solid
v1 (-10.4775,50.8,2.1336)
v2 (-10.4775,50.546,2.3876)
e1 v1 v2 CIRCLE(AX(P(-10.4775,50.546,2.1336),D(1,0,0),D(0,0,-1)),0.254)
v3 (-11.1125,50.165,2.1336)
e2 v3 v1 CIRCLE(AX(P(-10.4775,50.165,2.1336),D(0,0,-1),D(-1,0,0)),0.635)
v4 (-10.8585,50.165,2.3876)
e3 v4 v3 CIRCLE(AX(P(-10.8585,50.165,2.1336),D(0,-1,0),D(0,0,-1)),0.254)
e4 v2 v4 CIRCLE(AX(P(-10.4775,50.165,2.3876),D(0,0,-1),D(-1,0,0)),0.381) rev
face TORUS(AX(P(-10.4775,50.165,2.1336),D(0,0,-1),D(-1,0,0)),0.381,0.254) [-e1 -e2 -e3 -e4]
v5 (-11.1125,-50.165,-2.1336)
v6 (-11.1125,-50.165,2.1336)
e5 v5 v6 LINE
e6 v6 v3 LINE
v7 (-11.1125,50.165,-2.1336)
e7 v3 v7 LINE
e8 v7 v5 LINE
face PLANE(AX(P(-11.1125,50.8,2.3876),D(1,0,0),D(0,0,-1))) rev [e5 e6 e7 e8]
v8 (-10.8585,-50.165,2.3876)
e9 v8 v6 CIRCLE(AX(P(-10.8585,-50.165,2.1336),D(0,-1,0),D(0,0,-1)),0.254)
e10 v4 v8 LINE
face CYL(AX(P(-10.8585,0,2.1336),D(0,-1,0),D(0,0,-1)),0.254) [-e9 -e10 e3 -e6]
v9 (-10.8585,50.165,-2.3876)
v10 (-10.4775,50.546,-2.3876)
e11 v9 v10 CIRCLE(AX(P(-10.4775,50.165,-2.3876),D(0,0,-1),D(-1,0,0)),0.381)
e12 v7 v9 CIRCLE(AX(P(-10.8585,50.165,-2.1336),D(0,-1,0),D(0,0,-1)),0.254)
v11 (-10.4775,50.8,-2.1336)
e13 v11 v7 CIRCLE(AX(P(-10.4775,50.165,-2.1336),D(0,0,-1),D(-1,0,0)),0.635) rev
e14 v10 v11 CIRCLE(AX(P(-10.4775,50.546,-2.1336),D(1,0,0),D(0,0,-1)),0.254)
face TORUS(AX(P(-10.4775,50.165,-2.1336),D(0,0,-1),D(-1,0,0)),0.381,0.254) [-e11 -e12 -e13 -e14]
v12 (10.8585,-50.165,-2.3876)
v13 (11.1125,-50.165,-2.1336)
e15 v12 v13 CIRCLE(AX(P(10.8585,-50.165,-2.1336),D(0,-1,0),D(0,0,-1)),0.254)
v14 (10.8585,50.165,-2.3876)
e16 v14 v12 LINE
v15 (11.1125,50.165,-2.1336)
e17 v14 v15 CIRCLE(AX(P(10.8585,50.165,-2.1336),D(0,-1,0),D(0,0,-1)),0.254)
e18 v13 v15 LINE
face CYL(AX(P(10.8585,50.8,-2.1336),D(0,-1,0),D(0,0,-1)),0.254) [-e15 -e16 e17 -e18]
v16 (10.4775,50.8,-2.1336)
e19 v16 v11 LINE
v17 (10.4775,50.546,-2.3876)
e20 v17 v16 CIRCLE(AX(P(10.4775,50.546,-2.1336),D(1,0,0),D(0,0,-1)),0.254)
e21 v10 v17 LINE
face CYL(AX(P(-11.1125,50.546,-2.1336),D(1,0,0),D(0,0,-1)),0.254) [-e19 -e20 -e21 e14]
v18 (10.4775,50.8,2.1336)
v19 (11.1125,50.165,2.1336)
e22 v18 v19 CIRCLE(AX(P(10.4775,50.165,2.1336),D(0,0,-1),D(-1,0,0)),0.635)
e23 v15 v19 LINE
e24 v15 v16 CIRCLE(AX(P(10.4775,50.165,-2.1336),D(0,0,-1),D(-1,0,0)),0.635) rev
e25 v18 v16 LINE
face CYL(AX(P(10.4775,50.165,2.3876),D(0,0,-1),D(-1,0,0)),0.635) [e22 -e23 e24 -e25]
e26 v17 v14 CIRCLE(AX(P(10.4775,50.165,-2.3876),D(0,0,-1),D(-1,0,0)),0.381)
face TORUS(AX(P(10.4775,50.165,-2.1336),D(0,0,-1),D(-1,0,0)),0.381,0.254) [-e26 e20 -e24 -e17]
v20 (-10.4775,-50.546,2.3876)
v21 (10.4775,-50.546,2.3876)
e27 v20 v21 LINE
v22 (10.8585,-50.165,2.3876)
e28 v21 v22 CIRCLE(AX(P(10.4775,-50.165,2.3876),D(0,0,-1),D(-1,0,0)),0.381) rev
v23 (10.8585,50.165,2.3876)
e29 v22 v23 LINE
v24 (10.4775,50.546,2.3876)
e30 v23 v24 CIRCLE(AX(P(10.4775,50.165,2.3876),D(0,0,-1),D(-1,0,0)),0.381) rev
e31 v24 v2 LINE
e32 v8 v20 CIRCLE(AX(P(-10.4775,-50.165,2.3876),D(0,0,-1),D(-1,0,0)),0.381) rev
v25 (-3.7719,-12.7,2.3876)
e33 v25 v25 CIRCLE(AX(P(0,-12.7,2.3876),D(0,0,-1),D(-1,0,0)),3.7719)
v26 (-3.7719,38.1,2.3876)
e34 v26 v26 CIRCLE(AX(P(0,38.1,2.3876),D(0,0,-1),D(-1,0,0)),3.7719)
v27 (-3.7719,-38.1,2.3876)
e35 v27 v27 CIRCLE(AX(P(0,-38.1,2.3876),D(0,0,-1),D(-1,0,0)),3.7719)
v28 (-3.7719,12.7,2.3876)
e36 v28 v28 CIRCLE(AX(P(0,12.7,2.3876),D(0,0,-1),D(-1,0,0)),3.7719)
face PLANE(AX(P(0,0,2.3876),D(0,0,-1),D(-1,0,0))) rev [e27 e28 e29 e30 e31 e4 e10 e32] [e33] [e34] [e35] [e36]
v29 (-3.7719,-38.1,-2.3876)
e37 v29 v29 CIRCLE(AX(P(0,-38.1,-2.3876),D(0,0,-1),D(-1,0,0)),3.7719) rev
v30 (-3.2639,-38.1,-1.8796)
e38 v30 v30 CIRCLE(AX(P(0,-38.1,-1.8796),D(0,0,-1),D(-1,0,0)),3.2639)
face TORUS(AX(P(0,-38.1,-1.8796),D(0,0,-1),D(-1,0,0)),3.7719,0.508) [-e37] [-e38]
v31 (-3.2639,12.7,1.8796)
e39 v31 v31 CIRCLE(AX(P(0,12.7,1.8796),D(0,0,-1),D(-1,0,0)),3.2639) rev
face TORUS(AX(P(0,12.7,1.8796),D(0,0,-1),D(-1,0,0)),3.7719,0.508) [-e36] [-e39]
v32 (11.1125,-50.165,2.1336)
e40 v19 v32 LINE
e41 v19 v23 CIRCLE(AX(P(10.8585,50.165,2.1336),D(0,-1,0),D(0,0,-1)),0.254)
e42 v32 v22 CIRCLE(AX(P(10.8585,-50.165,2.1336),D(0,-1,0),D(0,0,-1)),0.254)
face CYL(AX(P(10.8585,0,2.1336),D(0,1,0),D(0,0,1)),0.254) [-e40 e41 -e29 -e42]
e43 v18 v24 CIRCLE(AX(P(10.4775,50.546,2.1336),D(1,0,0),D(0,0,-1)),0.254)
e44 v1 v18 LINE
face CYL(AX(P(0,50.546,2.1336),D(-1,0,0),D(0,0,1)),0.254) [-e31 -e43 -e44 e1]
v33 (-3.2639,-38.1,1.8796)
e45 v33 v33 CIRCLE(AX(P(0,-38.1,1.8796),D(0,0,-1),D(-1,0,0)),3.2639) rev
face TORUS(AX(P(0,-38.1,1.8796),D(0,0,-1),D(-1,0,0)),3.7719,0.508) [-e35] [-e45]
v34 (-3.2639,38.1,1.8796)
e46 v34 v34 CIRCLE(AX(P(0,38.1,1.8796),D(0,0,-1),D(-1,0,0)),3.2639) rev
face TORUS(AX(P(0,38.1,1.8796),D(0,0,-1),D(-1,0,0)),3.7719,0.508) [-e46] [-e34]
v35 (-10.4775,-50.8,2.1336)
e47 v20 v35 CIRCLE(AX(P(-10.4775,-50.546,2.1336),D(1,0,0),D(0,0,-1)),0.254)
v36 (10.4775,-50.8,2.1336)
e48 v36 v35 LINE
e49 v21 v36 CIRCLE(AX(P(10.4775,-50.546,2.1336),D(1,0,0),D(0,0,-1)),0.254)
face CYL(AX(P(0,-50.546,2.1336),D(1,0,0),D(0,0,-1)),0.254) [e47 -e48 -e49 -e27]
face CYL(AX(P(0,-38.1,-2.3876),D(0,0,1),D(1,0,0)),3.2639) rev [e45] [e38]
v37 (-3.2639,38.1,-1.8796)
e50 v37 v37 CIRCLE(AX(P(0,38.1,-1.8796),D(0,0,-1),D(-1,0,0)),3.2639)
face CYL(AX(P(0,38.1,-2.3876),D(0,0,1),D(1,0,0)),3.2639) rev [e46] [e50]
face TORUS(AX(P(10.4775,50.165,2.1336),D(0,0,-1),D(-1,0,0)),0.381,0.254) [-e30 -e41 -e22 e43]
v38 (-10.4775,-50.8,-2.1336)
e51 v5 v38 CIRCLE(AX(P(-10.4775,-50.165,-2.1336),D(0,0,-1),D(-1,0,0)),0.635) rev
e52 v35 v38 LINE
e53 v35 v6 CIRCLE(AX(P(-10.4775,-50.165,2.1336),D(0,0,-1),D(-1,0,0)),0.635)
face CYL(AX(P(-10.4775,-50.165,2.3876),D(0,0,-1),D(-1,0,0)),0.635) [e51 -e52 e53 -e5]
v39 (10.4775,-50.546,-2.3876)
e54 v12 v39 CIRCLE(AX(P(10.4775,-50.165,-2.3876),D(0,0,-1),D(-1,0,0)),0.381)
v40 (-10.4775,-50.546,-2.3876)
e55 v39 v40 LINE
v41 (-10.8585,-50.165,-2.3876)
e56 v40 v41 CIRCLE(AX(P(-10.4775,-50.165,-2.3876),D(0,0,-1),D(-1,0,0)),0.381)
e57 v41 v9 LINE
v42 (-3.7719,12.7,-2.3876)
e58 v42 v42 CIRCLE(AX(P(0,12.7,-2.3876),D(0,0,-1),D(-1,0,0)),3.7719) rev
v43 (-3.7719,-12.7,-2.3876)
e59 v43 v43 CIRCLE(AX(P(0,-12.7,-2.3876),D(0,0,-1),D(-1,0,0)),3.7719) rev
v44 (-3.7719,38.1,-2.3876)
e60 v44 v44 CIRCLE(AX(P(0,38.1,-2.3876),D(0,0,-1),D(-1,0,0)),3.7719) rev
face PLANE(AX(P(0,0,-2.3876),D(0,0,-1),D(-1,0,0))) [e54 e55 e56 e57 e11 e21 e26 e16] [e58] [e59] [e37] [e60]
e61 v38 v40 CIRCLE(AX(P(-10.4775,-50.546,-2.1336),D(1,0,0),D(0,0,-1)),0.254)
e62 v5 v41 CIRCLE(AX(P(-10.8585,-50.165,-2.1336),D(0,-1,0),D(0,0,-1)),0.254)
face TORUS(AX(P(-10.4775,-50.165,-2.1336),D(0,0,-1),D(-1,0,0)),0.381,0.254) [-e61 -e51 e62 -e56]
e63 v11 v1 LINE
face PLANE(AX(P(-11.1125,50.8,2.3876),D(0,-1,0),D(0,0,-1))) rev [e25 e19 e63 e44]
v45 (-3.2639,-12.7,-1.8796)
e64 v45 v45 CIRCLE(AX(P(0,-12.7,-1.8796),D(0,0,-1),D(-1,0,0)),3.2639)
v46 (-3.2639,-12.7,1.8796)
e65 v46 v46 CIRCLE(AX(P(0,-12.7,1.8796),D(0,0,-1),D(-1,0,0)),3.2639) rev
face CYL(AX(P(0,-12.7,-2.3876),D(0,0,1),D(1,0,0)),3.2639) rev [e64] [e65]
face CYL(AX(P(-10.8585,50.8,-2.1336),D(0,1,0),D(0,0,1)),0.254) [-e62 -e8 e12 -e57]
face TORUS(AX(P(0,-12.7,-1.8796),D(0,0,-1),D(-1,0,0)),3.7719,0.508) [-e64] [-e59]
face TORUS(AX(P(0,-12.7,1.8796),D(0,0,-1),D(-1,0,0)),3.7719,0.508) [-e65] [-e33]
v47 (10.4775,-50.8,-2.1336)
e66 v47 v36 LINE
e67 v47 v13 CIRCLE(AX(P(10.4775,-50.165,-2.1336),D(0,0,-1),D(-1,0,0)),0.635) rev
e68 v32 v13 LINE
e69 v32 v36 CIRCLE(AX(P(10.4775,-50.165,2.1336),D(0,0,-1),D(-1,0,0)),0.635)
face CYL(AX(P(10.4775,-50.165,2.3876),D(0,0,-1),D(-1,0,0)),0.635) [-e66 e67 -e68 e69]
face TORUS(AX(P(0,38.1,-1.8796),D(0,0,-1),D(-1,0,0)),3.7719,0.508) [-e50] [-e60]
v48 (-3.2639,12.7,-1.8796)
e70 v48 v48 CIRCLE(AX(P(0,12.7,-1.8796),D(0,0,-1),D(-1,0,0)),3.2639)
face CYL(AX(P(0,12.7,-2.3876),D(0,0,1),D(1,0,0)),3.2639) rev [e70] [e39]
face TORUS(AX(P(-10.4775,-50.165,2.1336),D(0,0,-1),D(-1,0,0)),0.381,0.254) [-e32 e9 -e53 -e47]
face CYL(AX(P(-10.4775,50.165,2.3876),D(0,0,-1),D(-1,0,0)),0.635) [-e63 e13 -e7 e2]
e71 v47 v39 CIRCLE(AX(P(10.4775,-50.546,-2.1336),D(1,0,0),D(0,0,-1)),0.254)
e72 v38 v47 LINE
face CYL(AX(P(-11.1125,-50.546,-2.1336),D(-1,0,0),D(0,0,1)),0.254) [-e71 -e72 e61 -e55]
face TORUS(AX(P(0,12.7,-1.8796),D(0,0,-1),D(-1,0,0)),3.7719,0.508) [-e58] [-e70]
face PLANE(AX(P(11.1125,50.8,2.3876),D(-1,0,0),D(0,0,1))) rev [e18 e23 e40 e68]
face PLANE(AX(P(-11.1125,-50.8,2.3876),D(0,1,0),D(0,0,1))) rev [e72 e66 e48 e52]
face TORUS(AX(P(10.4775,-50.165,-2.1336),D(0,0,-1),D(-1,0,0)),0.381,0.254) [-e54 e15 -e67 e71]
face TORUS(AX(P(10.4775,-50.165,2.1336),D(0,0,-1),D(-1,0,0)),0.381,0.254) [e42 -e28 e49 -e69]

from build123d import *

# Parameters (mm, degrees)
BOSS_EXTRUDE1_START  = -2.3876
SKETCH3_W            = 22.225
SKETCH3_H            = 101.6
BOSS_EXTRUDE1_DEPTH  = 4.7752
FILLET1_R            = 0.635
SKETCH4_R            = 3.2639
CUT_EXTRUDE1_DEPTH   = 53.220017151
LPATTERN1_COUNT      = 4
LPATTERN1_PITCH      = 25.4
LPATTERN1_COUNT_DIR2 = 2
LPATTERN1_PITCH_DIR2 = 25.4
FILLET2_R            = 0.254
FILLET3_R            = 0.508


with BuildPart() as part:
    # Sketch3 → Boss-Extrude1 (new body)
    with BuildSketch(Plane.XY.offset(BOSS_EXTRUDE1_START)):
        Rectangle(SKETCH3_W, SKETCH3_H)
    extrude(amount=BOSS_EXTRUDE1_DEPTH)

    # Fillet1
    fillet1_edges = [part.edges().sort_by_distance(p)[0] for p in [
        (11.1125, 50.8, 0),
        (11.1125, -50.8, 0),
        (-11.1125, -50.8, 0),
        (-11.1125, 50.8, 0),
    ]]
    fillet(fillet1_edges, radius=FILLET1_R)

    # Sketch4 → Cut-Extrude1 (cut, through all)
    with BuildSketch(Plane.XY.offset(2.3876)):
        with Locations((0, 38.1)):
            Circle(SKETCH4_R)
    cut_extrude1 = extrude(amount=-CUT_EXTRUDE1_DEPTH, mode=Mode.SUBTRACT)

    # LPattern1: Cut-Extrude1 4 × 2
    with Locations(*[(-j * LPATTERN1_PITCH_DIR2, -i * LPATTERN1_PITCH, 0) for i in range(LPATTERN1_COUNT) for j in range(LPATTERN1_COUNT_DIR2) if (i, j) != (0, 0)]):
        add(cut_extrude1, mode=Mode.SUBTRACT)

    # Fillet2
    fillet2_edges = [part.edges().sort_by_distance(p)[0] for p in [
        (11.1125, 0, -2.3876),
        (11.1125, 0, 2.3876),
        (0, 50.8, -2.3876),
        (0, -50.8, -2.3876),
        (-11.1125, 0, -2.3876),
        (10.926512806, 50.614012806, -2.3876),
        (-10.926512806, 50.614012806, -2.3876),
        (-10.926512806, -50.614012806, -2.3876),
        (10.926512806, -50.614012806, -2.3876),
        (0, -50.8, 2.3876),
        (0, 50.8, 2.3876),
        (-11.1125, 0, 2.3876),
        (10.926512806, 50.614012806, 2.3876),
        (-10.926512806, 50.614012806, 2.3876),
        (-10.926512806, -50.614012806, 2.3876),
        (10.926512806, -50.614012806, 2.3876),
    ]]
    fillet(fillet2_edges, radius=FILLET2_R)

    # Fillet3
    fillet3_edges = [part.edges().sort_by_distance(p)[0] for p in [
        (-3.2639, 38.1, -2.3876),
        (-3.2639, 38.1, 2.3876),
        (-3.2639, 12.7, 2.3876),
        (-3.2639, 12.7, -2.3876),
        (-3.2639, -12.7, -2.3876),
        (-3.2639, -12.7, 2.3876),
        (-3.2639, -38.1, -2.3876),
        (-3.2639, -38.1, 2.3876),
    ]]
    fillet(fillet3_edges, radius=FILLET3_R)


solid = part.part
